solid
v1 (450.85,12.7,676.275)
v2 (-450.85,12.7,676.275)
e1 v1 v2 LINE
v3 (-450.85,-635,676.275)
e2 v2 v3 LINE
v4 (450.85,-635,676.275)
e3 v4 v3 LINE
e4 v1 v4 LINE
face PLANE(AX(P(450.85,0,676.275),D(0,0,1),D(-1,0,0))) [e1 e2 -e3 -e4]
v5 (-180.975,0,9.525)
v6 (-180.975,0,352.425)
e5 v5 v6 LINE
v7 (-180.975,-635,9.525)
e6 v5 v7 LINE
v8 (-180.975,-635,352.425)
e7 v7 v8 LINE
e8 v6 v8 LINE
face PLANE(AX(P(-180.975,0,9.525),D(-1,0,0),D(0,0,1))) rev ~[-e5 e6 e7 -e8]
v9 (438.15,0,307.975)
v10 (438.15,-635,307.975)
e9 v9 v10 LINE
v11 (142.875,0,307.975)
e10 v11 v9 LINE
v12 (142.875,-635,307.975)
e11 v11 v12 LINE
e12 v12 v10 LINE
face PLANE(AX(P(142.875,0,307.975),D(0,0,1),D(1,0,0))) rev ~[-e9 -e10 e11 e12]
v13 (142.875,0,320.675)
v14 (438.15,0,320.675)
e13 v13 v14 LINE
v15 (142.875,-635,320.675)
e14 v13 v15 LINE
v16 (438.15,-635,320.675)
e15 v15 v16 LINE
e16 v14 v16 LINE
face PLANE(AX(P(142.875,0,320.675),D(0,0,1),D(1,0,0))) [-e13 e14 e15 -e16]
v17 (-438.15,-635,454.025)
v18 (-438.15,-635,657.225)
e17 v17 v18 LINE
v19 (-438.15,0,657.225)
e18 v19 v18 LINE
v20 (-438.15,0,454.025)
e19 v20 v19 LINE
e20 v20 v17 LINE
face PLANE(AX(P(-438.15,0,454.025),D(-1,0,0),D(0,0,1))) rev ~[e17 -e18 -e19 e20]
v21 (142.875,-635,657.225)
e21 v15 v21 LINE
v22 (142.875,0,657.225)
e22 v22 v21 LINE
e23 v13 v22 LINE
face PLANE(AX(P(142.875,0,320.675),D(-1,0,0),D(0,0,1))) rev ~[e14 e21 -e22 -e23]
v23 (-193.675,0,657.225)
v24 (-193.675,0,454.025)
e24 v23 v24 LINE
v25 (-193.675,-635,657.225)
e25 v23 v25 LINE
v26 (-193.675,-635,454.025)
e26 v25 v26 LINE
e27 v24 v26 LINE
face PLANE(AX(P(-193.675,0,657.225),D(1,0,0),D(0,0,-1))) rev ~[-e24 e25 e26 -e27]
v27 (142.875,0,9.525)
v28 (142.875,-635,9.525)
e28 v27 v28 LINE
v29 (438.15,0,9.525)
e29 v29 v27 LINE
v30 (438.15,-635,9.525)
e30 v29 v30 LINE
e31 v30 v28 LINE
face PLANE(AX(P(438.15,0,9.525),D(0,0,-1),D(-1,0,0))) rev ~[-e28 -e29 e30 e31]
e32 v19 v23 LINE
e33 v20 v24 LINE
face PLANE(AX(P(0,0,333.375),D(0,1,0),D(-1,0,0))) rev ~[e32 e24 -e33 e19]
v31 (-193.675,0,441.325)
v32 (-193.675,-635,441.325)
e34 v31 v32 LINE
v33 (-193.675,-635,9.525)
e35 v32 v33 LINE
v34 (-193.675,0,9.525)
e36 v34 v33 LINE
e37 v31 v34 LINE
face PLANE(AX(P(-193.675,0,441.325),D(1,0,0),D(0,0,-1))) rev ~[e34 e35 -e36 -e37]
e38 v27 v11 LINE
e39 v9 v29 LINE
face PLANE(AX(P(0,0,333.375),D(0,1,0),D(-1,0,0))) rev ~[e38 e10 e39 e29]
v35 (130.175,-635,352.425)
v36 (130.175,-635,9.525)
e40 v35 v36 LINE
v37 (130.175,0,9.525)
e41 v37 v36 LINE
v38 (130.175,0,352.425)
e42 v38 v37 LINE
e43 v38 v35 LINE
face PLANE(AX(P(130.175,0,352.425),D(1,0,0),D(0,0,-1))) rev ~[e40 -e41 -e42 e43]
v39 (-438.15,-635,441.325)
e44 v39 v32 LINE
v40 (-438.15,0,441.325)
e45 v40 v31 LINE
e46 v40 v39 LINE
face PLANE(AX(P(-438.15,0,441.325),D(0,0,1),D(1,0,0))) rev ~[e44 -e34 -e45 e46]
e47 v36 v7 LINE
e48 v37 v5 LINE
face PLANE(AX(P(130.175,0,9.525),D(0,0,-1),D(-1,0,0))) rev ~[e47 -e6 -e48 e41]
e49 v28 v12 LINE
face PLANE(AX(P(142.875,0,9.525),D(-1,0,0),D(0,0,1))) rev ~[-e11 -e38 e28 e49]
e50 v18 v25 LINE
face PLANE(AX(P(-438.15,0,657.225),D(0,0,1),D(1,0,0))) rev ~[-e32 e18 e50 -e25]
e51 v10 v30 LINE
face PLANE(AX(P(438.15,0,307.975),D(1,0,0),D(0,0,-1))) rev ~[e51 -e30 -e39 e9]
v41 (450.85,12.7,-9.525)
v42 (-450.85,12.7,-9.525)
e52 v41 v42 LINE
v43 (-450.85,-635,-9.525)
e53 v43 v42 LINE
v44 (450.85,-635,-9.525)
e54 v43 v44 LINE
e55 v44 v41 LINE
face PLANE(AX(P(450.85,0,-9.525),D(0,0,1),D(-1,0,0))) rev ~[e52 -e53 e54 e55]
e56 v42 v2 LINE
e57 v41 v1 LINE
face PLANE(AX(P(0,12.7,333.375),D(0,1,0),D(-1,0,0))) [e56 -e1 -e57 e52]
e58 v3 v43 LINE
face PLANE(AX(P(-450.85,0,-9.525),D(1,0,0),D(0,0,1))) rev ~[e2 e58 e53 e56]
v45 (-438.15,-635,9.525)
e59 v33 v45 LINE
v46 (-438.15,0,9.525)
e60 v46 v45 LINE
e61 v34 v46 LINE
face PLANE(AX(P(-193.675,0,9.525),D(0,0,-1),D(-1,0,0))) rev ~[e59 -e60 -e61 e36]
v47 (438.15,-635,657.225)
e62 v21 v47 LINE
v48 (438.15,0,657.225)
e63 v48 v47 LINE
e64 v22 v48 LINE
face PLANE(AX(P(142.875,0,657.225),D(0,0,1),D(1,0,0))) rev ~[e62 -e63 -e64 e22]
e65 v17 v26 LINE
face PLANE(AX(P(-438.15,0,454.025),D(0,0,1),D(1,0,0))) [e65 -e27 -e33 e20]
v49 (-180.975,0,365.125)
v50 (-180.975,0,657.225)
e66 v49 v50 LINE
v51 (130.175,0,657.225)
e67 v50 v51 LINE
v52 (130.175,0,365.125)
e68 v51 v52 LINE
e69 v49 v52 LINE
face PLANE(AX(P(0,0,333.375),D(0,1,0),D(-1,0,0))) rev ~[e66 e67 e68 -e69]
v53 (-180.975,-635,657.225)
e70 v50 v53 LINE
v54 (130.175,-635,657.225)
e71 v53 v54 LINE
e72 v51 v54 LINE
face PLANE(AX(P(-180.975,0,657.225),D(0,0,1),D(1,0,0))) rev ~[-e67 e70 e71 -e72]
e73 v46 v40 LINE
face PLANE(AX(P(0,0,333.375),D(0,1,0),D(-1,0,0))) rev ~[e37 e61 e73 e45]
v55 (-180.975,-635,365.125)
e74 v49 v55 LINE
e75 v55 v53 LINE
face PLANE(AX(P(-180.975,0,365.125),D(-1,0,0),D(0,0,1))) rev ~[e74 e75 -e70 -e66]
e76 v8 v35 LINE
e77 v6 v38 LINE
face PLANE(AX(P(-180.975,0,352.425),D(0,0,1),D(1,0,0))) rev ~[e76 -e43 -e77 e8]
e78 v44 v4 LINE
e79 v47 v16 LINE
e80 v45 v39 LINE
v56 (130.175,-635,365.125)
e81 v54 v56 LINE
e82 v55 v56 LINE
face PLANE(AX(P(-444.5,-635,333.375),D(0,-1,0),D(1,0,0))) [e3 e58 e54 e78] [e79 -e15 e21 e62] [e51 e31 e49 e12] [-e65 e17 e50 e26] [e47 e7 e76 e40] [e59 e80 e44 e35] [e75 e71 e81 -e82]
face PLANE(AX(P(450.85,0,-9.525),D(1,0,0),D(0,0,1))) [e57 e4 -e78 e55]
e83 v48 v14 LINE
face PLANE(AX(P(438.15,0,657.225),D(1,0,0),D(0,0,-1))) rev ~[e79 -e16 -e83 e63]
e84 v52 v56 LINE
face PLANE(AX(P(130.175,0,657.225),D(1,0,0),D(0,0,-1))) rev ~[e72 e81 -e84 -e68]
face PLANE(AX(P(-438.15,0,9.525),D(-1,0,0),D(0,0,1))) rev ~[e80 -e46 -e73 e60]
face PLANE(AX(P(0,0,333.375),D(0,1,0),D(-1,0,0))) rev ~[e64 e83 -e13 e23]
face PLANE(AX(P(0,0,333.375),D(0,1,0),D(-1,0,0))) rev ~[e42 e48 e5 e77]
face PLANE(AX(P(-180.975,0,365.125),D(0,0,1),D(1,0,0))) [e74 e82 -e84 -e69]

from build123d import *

# Parameters (mm, degrees)
F0_W     = 244.475
F0_H     = 12.7
F0_W_2   = 311.15
F0_W_3   = 295.275
F1_DEPTH = 635
F2_W     = 901.7
F2_H     = 685.8
F3_DEPTH = 12.7


with BuildPart() as f1:
    # F0 (on Front) → F1 (new body)
    with BuildSketch(Plane.XZ):
        Polygon((-450.85, 657.225), (-450.85, 9.525), (-438.15, 9.525), (-438.15, 441.325), (-438.15, 454.025), (-438.15, 657.225), align=None)
        Polygon((438.15, 657.225), (450.85, 657.225), (450.85, 676.275), (-450.85, 676.275), (-450.85, 657.225), (-438.15, 657.225), (-193.675, 657.225), (-180.975, 657.225), (130.175, 657.225), (142.875, 657.225), align=None)
        Polygon((-193.675, 9.525), (-180.975, 9.525), (-180.975, 352.425), (-180.975, 365.125), (-180.975, 657.225), (-193.675, 657.225), (-193.675, 454.025), (-193.675, 441.325), align=None)
        with Locations((-315.9125, 447.675)):
            Rectangle(F0_W, F0_H)
        with Locations((-25.4, 358.775)):
            Rectangle(F0_W_2, F0_H)
        Polygon((130.175, 9.525), (142.875, 9.525), (142.875, 307.975), (142.875, 320.675), (142.875, 657.225), (130.175, 657.225), (130.175, 365.125), (130.175, 352.425), align=None)
        with Locations((290.5125, 314.325)):
            Rectangle(F0_W_3, F0_H)
        Polygon((438.15, 9.525), (450.85, 9.525), (450.85, 657.225), (438.15, 657.225), (438.15, 320.675), (438.15, 307.975), align=None)
        Polygon((450.85, -9.525), (450.85, 9.525), (438.15, 9.525), (142.875, 9.525), (130.175, 9.525), (-180.975, 9.525), (-193.675, 9.525), (-438.15, 9.525), (-450.85, 9.525), (-450.85, -9.525), align=None)
    extrude(amount=F1_DEPTH)

    # F2 (on face) → F3 (join)
    with BuildSketch(Plane(origin=(0, 0, 0), x_dir=(-1, 0, 0), z_dir=(0, 1, 0))):
        with Locations((0, 333.375)):
            Rectangle(F2_W, F2_H)
    extrude(amount=F3_DEPTH)


solid = f1.part
